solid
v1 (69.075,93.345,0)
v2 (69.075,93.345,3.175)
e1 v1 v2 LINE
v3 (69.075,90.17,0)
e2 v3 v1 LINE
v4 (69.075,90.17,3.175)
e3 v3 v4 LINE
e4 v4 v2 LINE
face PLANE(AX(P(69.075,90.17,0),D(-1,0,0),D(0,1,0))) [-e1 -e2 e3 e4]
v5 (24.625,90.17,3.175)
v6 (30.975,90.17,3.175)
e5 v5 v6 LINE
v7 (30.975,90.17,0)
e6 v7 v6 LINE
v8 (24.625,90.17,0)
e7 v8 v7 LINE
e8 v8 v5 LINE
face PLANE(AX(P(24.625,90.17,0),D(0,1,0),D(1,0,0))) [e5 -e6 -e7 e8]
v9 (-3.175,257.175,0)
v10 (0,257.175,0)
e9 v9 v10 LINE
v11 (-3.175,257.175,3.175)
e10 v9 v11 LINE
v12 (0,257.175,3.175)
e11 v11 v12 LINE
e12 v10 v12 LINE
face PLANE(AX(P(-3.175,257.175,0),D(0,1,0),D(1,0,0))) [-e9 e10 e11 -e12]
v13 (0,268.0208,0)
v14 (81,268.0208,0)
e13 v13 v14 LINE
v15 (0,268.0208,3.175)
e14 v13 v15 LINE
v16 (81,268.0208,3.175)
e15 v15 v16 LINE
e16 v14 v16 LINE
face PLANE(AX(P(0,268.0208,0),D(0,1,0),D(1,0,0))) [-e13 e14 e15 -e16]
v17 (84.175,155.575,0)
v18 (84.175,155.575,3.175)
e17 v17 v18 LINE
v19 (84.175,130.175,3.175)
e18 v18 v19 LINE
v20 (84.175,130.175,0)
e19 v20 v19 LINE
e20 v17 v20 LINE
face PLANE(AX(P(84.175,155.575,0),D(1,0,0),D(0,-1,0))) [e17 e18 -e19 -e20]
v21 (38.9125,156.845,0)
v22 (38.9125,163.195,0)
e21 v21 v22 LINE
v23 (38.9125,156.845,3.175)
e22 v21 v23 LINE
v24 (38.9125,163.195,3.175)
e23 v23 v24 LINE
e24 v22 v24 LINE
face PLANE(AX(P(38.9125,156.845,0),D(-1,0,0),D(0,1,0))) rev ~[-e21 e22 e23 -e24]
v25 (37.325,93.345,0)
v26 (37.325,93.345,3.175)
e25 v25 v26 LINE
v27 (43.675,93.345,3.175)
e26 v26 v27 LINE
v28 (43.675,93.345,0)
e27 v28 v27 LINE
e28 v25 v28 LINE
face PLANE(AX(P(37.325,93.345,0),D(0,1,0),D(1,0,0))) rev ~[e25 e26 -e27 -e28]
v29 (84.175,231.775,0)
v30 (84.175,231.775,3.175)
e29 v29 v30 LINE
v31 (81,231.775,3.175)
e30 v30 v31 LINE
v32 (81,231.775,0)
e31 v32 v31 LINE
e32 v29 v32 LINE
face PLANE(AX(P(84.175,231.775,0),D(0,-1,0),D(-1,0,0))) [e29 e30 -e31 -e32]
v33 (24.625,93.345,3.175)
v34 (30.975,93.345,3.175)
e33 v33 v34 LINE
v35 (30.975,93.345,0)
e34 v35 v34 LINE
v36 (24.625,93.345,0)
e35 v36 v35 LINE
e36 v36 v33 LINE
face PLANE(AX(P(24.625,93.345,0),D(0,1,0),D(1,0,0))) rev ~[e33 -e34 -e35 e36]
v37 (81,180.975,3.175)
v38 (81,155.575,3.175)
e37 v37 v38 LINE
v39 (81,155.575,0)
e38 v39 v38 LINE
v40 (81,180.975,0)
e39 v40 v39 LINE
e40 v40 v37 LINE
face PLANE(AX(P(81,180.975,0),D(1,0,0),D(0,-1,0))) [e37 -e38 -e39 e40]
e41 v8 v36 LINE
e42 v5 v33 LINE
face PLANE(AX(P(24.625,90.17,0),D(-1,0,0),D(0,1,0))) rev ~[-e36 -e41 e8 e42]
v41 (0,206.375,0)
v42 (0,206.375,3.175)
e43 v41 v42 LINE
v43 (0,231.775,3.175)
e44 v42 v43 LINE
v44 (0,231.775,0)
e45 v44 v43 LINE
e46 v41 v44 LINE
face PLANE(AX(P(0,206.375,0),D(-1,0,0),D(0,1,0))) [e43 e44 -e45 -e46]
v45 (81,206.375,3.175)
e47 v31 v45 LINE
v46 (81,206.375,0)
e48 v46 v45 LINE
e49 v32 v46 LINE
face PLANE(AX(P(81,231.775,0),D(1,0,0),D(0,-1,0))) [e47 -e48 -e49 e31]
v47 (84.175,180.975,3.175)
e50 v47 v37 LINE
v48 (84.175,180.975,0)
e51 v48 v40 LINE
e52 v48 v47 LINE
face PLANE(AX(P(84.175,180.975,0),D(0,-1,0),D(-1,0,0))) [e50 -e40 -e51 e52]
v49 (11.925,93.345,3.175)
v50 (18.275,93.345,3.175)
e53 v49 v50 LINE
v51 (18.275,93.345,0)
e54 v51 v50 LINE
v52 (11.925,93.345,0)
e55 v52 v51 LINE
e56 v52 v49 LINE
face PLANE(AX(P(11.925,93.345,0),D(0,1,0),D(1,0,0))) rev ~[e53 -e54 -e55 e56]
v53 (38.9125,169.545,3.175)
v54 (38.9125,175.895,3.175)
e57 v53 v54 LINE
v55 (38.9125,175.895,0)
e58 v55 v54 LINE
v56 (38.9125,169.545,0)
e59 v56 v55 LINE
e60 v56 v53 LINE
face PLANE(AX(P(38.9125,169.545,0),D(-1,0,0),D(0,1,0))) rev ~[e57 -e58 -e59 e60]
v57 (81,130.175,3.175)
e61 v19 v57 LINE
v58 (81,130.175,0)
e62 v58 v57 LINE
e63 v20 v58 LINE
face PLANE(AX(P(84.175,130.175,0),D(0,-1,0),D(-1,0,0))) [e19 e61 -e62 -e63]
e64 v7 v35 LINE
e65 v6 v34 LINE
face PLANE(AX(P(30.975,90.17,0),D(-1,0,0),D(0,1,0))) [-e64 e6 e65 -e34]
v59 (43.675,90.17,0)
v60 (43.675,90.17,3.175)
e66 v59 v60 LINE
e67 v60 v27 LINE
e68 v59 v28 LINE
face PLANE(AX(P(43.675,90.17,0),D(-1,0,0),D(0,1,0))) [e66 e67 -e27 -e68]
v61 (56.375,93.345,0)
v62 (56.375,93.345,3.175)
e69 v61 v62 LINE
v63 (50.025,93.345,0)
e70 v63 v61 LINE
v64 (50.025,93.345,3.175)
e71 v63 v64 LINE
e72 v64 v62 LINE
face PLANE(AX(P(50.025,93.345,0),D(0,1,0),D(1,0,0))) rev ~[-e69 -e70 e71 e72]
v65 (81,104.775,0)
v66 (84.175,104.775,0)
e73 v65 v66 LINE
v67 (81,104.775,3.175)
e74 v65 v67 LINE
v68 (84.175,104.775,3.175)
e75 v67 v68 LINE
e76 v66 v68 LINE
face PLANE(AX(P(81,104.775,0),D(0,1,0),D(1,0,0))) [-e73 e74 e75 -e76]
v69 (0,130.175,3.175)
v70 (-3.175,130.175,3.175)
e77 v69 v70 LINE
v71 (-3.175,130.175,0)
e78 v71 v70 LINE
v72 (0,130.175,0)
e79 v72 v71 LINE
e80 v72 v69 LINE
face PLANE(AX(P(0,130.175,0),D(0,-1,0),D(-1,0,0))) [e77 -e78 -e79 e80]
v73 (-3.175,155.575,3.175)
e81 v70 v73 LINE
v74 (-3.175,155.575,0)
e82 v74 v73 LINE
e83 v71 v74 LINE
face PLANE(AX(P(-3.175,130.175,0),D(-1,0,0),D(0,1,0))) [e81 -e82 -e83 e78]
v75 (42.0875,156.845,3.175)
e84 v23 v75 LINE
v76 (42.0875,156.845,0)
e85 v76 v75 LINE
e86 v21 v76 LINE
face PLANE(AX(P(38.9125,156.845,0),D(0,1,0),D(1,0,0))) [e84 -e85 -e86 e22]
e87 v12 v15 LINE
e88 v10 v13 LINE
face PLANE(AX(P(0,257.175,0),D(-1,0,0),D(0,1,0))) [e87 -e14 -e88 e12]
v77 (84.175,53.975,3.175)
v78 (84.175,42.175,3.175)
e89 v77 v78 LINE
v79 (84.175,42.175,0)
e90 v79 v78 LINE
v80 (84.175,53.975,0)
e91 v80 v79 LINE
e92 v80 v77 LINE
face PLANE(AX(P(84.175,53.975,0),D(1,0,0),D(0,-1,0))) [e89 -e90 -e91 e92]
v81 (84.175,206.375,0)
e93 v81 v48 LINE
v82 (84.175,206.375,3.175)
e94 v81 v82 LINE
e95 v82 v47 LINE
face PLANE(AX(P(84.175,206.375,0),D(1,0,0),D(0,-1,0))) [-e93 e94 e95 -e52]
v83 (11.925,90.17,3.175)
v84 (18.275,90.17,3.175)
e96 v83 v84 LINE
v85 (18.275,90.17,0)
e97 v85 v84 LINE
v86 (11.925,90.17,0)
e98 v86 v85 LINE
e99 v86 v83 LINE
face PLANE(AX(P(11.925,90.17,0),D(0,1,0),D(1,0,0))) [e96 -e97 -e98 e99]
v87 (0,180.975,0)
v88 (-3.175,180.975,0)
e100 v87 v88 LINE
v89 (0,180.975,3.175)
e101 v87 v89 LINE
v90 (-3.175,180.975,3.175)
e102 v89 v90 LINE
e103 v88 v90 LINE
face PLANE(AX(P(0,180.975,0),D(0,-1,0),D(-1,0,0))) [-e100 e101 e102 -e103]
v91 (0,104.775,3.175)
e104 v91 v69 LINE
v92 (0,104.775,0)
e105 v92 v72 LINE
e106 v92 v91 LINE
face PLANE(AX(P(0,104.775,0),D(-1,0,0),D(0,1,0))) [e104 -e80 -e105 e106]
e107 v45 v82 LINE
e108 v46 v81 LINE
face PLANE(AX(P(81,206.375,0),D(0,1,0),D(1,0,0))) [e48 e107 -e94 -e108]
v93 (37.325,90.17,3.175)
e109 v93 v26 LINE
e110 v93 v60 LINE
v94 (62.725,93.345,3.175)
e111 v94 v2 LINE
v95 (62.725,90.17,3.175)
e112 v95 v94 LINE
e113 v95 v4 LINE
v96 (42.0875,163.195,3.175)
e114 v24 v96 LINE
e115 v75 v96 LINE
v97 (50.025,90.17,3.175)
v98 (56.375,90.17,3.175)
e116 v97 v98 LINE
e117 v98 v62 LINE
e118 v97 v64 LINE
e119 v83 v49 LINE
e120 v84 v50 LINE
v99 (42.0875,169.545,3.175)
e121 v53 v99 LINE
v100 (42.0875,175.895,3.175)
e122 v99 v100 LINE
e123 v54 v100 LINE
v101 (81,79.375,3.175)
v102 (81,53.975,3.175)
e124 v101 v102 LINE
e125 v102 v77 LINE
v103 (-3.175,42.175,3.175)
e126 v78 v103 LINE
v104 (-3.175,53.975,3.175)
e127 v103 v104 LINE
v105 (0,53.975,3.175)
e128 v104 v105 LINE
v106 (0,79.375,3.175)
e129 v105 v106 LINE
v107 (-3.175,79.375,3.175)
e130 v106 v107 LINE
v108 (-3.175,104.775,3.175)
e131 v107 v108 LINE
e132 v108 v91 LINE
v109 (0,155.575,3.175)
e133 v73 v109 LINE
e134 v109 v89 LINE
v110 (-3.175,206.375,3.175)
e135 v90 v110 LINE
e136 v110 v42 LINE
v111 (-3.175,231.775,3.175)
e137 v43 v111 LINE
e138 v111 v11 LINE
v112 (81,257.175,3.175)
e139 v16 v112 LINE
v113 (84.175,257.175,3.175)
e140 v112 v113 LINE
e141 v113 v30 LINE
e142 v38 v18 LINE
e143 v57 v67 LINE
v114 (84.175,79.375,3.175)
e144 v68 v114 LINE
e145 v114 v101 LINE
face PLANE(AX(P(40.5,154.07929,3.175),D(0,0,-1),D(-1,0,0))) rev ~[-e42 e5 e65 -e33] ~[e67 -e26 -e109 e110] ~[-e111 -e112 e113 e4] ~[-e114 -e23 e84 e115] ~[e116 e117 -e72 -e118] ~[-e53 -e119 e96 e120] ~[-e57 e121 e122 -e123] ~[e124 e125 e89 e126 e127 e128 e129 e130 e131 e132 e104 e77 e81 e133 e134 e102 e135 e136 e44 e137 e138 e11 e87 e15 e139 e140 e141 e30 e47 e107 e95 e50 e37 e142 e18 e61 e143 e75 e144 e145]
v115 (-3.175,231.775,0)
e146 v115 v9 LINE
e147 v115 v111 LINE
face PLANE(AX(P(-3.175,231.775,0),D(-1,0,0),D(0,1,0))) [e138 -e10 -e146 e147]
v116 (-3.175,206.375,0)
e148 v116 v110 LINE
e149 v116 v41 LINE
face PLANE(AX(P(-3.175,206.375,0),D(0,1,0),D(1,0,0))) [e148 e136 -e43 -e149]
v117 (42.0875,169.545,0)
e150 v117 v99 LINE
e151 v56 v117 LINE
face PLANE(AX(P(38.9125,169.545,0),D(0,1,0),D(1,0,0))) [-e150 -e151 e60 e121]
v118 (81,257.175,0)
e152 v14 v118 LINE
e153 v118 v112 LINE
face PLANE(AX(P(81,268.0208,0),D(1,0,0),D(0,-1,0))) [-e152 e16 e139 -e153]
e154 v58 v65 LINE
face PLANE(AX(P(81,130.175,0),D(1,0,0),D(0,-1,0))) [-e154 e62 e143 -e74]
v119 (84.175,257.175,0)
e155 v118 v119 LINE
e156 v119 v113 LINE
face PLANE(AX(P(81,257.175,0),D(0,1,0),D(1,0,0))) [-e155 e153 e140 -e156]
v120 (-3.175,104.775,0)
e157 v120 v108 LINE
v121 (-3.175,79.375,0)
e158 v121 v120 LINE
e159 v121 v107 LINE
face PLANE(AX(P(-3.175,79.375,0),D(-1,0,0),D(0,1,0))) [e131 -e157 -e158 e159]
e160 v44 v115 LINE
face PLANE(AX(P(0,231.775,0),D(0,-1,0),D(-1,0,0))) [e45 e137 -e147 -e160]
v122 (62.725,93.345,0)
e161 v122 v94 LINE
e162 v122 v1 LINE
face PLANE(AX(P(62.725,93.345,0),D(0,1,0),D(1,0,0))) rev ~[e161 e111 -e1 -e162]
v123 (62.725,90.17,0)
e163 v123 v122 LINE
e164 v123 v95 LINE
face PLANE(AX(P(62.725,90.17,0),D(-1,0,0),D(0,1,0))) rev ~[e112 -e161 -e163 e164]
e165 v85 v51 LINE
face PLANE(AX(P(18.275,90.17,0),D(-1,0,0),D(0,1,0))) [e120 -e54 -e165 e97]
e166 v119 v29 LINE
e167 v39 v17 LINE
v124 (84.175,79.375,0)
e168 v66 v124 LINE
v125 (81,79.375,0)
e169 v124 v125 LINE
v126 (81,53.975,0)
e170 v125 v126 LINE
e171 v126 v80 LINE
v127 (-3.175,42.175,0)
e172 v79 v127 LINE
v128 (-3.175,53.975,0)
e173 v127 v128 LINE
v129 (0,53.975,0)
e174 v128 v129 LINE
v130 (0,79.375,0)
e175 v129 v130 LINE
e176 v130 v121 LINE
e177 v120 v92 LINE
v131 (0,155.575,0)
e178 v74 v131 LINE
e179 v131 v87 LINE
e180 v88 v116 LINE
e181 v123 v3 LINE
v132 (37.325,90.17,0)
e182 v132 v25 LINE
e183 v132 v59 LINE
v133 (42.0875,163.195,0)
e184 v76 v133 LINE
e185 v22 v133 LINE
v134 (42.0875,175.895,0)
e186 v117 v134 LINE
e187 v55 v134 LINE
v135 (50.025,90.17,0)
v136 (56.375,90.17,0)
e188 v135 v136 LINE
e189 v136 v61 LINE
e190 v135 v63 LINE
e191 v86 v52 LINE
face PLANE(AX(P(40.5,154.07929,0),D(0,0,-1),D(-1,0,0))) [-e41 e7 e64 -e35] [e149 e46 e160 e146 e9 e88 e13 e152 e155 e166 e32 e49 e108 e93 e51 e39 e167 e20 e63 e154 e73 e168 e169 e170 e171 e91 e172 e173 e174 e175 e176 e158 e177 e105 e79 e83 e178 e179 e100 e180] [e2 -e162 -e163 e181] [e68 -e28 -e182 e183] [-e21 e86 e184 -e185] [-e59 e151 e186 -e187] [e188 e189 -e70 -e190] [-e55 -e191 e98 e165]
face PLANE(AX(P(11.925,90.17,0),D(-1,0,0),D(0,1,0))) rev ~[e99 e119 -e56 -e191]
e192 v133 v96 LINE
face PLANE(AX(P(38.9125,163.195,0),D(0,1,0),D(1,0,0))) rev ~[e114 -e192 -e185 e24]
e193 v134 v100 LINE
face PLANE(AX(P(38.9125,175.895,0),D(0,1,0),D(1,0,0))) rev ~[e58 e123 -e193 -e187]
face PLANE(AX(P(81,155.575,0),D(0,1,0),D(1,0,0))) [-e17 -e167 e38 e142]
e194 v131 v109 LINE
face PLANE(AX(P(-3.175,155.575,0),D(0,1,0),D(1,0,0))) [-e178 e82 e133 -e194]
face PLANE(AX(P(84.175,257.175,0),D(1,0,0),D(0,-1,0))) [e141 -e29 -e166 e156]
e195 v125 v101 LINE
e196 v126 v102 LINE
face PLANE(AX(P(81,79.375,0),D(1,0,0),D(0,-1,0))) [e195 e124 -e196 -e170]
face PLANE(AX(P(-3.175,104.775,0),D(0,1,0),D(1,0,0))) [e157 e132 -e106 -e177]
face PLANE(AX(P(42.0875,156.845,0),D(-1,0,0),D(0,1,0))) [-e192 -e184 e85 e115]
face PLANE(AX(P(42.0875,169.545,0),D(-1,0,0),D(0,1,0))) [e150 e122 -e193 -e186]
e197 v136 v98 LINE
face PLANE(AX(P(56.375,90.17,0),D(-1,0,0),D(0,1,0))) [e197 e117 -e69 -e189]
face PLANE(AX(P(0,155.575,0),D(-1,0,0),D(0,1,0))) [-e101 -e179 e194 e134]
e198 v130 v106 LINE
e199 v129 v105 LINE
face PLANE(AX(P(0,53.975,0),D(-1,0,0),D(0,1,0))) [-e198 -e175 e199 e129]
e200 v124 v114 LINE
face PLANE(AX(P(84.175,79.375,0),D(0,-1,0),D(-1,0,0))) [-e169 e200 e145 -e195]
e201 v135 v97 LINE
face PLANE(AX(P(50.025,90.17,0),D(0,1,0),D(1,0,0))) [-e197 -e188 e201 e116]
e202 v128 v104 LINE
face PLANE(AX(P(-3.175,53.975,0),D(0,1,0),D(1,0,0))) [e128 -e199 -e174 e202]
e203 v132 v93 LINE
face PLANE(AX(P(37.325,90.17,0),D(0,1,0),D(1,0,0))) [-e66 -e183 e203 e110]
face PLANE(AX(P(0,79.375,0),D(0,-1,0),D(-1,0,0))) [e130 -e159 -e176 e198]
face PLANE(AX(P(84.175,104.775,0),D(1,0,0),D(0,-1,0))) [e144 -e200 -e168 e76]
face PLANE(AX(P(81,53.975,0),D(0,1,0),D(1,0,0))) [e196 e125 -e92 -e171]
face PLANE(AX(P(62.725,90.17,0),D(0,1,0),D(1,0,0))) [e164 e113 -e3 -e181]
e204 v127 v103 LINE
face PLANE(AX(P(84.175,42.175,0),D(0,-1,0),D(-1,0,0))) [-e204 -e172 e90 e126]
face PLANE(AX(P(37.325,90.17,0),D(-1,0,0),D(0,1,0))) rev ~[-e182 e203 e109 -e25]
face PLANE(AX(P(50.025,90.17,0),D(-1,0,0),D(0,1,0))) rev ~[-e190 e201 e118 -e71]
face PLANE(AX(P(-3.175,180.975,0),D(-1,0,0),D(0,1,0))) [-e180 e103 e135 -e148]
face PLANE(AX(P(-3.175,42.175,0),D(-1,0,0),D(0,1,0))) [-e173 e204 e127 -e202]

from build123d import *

# Parameters (mm, degrees)
SKETCH1_W           = 6.35
SKETCH1_H           = 3.175
SKETCH1_W_2         = 3.175
SKETCH1_H_2         = 6.35
BOSS_EXTRUDE1_DEPTH = 3.175


with BuildPart() as part:
    # Sketch1 → Boss-Extrude1 (new body)
    with BuildSketch(Plane.XY):
        Polygon((0, 268.0208), (81, 268.0208), (81, 257.175), (84.175, 257.175), (84.175, 231.775), (81, 231.775), (81, 206.375), (84.175, 206.375), (84.175, 180.975), (81, 180.975), (81, 155.575), (84.175, 155.575), (84.175, 130.175), (81, 130.175), (81, 104.775), (84.175, 104.775), (84.175, 79.375), (81, 79.375), (81, 53.975), (84.175, 53.975), (84.175, 42.175), (-3.175, 42.175), (-3.175, 53.975), (0, 53.975), (0, 79.375), (-3.175, 79.375), (-3.175, 104.775), (0, 104.775), (0, 130.175), (-3.175, 130.175), (-3.175, 155.575), (0, 155.575), (0, 180.975), (-3.175, 180.975), (-3.175, 206.375), (0, 206.375), (0, 231.775), (-3.175, 231.775), (-3.175, 257.175), (0, 257.175), align=None)
        with Locations((53.2, 91.7575)):
            Rectangle(SKETCH1_W, SKETCH1_H, mode=Mode.SUBTRACT)
        with Locations((40.5, 91.7575)):
            Rectangle(SKETCH1_W, SKETCH1_H, mode=Mode.SUBTRACT)
        with Locations((65.9, 91.7575)):
            Rectangle(SKETCH1_W, SKETCH1_H, mode=Mode.SUBTRACT)
        with Locations((27.8, 91.7575)):
            Rectangle(SKETCH1_W, SKETCH1_H, mode=Mode.SUBTRACT)
        with Locations((15.1, 91.7575)):
            Rectangle(SKETCH1_W, SKETCH1_H, mode=Mode.SUBTRACT)
        with Locations((40.5, 160.02)):
            Rectangle(SKETCH1_W_2, SKETCH1_H_2, mode=Mode.SUBTRACT)
        with Locations((40.5, 172.72)):
            Rectangle(SKETCH1_W_2, SKETCH1_H_2, mode=Mode.SUBTRACT)
    extrude(amount=BOSS_EXTRUDE1_DEPTH)


solid = part.part
